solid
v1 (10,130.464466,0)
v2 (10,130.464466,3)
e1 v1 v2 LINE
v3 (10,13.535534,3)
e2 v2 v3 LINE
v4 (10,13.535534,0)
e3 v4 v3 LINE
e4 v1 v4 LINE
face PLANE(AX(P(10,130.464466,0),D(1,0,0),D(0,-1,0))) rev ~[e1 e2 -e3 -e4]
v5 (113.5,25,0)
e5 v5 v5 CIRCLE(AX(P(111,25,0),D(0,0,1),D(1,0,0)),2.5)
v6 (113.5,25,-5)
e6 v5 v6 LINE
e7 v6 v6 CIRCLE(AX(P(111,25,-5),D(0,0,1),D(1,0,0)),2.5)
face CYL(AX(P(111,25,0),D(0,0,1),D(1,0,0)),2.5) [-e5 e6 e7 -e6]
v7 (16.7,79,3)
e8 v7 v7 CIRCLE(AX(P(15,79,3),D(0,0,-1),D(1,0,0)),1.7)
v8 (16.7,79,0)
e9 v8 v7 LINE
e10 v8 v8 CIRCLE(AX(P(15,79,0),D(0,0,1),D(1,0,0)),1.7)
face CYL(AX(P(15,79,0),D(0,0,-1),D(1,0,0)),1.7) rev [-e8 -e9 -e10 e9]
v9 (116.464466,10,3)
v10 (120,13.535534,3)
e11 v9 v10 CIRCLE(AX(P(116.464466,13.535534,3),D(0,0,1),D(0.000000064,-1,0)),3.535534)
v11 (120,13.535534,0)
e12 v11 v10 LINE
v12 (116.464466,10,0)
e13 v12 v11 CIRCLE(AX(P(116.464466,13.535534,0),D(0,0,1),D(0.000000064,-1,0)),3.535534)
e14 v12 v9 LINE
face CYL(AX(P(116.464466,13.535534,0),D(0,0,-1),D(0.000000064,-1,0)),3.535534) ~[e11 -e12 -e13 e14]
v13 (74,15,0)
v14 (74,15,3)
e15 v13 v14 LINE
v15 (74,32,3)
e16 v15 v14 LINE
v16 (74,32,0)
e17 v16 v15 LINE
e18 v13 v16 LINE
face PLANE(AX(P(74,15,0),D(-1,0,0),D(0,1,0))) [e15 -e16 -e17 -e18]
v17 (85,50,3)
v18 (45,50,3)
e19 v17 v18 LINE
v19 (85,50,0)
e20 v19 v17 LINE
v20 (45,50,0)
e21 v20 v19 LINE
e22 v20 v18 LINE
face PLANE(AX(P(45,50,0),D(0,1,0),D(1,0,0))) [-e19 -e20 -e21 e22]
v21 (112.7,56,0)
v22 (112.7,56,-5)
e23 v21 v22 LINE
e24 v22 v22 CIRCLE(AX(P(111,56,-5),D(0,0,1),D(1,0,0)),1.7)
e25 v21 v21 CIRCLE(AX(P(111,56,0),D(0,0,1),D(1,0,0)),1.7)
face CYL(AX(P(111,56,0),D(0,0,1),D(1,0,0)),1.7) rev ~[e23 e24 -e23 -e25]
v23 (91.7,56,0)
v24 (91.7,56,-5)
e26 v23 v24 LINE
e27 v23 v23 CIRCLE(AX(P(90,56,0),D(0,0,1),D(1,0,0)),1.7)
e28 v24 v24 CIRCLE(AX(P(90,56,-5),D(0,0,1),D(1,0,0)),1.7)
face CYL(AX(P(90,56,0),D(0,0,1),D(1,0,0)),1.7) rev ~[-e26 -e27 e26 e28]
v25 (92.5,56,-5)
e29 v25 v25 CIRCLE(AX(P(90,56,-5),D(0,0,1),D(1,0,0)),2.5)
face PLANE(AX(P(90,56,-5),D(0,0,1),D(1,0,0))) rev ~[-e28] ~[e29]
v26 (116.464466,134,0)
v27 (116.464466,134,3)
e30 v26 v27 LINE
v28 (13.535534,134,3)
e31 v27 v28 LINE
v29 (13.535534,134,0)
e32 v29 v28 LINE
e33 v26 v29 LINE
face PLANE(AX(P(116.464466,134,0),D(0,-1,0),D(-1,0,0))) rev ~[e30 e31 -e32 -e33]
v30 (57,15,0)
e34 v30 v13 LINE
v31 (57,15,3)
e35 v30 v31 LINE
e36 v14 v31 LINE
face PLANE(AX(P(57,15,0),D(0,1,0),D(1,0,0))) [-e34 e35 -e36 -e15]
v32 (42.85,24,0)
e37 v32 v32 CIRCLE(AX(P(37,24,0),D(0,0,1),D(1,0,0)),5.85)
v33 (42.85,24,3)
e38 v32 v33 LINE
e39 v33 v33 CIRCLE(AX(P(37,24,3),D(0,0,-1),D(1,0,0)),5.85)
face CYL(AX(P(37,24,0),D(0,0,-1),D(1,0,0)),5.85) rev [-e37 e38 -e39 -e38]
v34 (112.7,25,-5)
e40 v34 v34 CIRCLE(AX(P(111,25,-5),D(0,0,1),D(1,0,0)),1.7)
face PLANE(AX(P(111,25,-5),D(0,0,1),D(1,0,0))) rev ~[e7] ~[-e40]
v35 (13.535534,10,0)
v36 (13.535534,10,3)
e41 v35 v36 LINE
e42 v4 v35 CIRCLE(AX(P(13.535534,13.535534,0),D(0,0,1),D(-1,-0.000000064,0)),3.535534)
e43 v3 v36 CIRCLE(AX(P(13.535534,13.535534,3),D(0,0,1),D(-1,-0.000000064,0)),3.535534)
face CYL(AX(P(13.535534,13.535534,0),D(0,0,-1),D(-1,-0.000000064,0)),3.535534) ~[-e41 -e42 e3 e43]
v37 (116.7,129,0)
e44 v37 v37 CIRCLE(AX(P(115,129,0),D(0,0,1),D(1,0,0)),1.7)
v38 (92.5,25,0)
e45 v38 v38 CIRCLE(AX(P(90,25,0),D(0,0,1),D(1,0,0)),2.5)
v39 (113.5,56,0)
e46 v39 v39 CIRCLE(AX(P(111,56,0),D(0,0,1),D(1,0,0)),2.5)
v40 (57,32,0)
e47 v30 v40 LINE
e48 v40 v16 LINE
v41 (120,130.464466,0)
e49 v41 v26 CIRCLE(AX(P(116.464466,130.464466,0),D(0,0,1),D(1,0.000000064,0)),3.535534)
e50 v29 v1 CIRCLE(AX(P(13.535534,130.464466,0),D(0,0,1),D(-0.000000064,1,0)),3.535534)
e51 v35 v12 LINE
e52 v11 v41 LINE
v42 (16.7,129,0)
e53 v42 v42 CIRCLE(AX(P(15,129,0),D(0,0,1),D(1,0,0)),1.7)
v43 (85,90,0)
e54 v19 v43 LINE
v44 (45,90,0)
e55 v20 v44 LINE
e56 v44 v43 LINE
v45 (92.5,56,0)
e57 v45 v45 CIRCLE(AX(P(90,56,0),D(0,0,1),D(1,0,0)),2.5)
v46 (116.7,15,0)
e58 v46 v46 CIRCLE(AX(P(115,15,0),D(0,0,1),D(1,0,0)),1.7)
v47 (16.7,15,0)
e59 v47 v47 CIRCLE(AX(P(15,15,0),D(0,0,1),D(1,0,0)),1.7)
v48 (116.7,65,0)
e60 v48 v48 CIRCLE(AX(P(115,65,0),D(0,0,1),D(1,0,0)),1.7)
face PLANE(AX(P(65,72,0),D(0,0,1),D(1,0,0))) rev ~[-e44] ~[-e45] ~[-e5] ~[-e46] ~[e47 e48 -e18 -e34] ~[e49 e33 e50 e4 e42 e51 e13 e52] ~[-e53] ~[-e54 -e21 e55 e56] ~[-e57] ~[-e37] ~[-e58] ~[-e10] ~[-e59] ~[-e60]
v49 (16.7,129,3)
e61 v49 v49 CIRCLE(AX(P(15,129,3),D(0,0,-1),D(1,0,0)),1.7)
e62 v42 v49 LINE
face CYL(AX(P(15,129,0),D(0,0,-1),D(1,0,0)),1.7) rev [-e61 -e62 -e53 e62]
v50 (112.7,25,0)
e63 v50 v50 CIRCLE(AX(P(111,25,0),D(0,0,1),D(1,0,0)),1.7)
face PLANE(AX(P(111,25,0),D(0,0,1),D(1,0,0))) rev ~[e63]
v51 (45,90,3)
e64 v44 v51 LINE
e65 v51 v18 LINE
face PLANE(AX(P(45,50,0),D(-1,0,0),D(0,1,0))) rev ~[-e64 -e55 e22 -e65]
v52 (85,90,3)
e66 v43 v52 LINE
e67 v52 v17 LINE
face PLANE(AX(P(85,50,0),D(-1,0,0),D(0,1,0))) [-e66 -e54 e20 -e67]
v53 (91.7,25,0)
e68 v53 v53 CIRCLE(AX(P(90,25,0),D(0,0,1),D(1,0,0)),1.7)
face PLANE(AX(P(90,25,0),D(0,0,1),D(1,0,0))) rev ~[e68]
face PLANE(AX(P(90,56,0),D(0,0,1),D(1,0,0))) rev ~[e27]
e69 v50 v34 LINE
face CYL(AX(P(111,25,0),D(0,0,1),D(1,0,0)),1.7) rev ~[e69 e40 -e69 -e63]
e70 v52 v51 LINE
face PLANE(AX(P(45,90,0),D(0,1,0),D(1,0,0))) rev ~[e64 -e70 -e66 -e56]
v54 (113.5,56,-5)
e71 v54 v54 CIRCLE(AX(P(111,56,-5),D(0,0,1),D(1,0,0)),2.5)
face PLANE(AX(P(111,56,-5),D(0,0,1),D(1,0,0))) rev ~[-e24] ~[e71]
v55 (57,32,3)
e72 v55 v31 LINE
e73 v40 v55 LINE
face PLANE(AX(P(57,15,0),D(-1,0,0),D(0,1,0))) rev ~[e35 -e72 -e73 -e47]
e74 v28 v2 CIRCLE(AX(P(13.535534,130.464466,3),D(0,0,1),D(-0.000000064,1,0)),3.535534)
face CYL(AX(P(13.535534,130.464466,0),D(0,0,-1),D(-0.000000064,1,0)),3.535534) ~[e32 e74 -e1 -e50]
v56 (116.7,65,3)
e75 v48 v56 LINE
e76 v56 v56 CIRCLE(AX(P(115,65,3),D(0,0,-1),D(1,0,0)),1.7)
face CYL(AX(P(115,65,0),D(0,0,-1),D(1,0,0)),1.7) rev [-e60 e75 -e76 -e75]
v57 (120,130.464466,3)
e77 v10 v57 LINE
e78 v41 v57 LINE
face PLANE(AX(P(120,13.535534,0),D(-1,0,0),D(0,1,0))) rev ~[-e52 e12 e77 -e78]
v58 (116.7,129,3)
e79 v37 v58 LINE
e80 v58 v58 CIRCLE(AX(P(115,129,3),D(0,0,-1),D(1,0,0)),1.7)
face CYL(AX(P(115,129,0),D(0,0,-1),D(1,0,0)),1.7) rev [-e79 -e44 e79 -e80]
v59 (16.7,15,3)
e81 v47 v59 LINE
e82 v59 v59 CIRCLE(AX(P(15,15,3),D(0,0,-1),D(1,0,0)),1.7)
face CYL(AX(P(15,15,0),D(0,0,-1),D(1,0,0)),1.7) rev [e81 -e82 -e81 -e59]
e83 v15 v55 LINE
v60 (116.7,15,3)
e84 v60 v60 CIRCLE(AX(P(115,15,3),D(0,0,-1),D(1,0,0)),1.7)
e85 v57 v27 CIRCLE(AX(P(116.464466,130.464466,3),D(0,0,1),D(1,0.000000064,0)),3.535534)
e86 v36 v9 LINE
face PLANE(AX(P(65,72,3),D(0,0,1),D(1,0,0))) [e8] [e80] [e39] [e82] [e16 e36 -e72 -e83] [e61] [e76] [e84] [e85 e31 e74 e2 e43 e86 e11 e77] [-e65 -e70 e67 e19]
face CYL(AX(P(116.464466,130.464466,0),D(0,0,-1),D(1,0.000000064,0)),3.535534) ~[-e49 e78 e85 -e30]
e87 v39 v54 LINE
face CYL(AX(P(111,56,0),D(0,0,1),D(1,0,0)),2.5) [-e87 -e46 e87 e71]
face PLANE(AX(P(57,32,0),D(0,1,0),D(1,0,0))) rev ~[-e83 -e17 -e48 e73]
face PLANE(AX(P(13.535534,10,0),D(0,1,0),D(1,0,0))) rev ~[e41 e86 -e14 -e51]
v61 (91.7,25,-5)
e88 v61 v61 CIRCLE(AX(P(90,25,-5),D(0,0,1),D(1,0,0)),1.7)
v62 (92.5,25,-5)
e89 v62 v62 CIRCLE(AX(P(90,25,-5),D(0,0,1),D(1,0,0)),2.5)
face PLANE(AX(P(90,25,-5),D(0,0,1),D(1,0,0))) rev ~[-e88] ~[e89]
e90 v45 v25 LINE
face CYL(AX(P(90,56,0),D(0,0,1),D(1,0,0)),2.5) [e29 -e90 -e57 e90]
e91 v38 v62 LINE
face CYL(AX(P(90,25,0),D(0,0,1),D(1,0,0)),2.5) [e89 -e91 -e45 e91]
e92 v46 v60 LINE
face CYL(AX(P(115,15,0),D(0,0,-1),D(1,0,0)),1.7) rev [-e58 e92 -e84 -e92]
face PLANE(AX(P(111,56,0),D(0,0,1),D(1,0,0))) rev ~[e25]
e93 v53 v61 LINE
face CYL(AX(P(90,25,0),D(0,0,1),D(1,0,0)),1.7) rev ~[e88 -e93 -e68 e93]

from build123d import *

# Parameters (mm, degrees)
PAD_DEPTH       = 3
SKETCH001_R     = 1.7
HOLE_DEPTH      = 3.001
SKETCH002_W     = 40
SKETCH002_H     = 40
SKETCH002_W_2   = 17
SKETCH002_H_2   = 17
POCKET_DEPTH    = 3.001
SKETCH005_R     = 2.5
PAD001_DEPTH    = 5
SKETCH004_R     = 1.7
HOLE001_DEPTH   = 25
SKETCH003_R     = 5.85
POCKET001_DEPTH = 5


with BuildPart() as part:
    # Sketch → Pad (new body)
    with BuildSketch(Plane.XY):
        with BuildLine():
            Line((10, 130.464466), (10, 13.535534))
            ThreePointArc((10, 13.535534), (11.035534, 11.035534), (13.535534, 10))
            Line((13.535534, 10), (116.464466, 10))
            ThreePointArc((116.464466, 10), (118.964466, 11.035534), (120, 13.535534))
            Line((120, 13.535534), (120, 130.464466))
            ThreePointArc((120, 130.464466), (118.964466, 132.964466), (116.464466, 134))
            Line((116.464466, 134), (13.535534, 134))
            ThreePointArc((13.535534, 134), (11.035534, 132.964466), (10, 130.464466))
        make_face()
    extrude(amount=PAD_DEPTH)

    # Sketch001 → Hole (cut, through all)
    with BuildSketch(Plane.XY):
        with Locations((15, 129)):
            Circle(SKETCH001_R)
        with Locations((15, 79)):
            Circle(SKETCH001_R)
        with Locations((15, 15)):
            Circle(SKETCH001_R)
        with Locations((115, 15)):
            Circle(SKETCH001_R)
        with Locations((115, 65)):
            Circle(SKETCH001_R)
        with Locations((115, 129)):
            Circle(SKETCH001_R)
    extrude(amount=HOLE_DEPTH, mode=Mode.SUBTRACT)

    # Sketch002 → Pocket (cut, through all)
    with BuildSketch(Plane.XY):
        with Locations((65, 70)):
            Rectangle(SKETCH002_W, SKETCH002_H)
        with Locations((65.5, 23.5)):
            Rectangle(SKETCH002_W_2, SKETCH002_H_2)
    extrude(amount=POCKET_DEPTH, mode=Mode.SUBTRACT)

    # Sketch005 → Pad001 (join)
    with BuildSketch(Plane.XY):
        with Locations((90, 56)):
            Circle(SKETCH005_R)
        with Locations((111, 56)):
            Circle(SKETCH005_R)
        with Locations((90, 25)):
            Circle(SKETCH005_R)
        with Locations((111, 25)):
            Circle(SKETCH005_R)
    extrude(amount=-PAD001_DEPTH)

    # Sketch004 → Hole001 (cut)
    with BuildSketch(Plane.XY):
        with Locations((90, 56)):
            Circle(SKETCH004_R)
        with Locations((111, 56)):
            Circle(SKETCH004_R)
        with Locations((90, 25)):
            Circle(SKETCH004_R)
        with Locations((111, 25)):
            Circle(SKETCH004_R)
    extrude(amount=-HOLE001_DEPTH, mode=Mode.SUBTRACT)

    # Sketch003 → Pocket001 (cut)
    with BuildSketch(Plane.XY):
        with Locations((37, 24)):
            Circle(SKETCH003_R)
    extrude(amount=POCKET001_DEPTH, mode=Mode.SUBTRACT)


solid = part.part
